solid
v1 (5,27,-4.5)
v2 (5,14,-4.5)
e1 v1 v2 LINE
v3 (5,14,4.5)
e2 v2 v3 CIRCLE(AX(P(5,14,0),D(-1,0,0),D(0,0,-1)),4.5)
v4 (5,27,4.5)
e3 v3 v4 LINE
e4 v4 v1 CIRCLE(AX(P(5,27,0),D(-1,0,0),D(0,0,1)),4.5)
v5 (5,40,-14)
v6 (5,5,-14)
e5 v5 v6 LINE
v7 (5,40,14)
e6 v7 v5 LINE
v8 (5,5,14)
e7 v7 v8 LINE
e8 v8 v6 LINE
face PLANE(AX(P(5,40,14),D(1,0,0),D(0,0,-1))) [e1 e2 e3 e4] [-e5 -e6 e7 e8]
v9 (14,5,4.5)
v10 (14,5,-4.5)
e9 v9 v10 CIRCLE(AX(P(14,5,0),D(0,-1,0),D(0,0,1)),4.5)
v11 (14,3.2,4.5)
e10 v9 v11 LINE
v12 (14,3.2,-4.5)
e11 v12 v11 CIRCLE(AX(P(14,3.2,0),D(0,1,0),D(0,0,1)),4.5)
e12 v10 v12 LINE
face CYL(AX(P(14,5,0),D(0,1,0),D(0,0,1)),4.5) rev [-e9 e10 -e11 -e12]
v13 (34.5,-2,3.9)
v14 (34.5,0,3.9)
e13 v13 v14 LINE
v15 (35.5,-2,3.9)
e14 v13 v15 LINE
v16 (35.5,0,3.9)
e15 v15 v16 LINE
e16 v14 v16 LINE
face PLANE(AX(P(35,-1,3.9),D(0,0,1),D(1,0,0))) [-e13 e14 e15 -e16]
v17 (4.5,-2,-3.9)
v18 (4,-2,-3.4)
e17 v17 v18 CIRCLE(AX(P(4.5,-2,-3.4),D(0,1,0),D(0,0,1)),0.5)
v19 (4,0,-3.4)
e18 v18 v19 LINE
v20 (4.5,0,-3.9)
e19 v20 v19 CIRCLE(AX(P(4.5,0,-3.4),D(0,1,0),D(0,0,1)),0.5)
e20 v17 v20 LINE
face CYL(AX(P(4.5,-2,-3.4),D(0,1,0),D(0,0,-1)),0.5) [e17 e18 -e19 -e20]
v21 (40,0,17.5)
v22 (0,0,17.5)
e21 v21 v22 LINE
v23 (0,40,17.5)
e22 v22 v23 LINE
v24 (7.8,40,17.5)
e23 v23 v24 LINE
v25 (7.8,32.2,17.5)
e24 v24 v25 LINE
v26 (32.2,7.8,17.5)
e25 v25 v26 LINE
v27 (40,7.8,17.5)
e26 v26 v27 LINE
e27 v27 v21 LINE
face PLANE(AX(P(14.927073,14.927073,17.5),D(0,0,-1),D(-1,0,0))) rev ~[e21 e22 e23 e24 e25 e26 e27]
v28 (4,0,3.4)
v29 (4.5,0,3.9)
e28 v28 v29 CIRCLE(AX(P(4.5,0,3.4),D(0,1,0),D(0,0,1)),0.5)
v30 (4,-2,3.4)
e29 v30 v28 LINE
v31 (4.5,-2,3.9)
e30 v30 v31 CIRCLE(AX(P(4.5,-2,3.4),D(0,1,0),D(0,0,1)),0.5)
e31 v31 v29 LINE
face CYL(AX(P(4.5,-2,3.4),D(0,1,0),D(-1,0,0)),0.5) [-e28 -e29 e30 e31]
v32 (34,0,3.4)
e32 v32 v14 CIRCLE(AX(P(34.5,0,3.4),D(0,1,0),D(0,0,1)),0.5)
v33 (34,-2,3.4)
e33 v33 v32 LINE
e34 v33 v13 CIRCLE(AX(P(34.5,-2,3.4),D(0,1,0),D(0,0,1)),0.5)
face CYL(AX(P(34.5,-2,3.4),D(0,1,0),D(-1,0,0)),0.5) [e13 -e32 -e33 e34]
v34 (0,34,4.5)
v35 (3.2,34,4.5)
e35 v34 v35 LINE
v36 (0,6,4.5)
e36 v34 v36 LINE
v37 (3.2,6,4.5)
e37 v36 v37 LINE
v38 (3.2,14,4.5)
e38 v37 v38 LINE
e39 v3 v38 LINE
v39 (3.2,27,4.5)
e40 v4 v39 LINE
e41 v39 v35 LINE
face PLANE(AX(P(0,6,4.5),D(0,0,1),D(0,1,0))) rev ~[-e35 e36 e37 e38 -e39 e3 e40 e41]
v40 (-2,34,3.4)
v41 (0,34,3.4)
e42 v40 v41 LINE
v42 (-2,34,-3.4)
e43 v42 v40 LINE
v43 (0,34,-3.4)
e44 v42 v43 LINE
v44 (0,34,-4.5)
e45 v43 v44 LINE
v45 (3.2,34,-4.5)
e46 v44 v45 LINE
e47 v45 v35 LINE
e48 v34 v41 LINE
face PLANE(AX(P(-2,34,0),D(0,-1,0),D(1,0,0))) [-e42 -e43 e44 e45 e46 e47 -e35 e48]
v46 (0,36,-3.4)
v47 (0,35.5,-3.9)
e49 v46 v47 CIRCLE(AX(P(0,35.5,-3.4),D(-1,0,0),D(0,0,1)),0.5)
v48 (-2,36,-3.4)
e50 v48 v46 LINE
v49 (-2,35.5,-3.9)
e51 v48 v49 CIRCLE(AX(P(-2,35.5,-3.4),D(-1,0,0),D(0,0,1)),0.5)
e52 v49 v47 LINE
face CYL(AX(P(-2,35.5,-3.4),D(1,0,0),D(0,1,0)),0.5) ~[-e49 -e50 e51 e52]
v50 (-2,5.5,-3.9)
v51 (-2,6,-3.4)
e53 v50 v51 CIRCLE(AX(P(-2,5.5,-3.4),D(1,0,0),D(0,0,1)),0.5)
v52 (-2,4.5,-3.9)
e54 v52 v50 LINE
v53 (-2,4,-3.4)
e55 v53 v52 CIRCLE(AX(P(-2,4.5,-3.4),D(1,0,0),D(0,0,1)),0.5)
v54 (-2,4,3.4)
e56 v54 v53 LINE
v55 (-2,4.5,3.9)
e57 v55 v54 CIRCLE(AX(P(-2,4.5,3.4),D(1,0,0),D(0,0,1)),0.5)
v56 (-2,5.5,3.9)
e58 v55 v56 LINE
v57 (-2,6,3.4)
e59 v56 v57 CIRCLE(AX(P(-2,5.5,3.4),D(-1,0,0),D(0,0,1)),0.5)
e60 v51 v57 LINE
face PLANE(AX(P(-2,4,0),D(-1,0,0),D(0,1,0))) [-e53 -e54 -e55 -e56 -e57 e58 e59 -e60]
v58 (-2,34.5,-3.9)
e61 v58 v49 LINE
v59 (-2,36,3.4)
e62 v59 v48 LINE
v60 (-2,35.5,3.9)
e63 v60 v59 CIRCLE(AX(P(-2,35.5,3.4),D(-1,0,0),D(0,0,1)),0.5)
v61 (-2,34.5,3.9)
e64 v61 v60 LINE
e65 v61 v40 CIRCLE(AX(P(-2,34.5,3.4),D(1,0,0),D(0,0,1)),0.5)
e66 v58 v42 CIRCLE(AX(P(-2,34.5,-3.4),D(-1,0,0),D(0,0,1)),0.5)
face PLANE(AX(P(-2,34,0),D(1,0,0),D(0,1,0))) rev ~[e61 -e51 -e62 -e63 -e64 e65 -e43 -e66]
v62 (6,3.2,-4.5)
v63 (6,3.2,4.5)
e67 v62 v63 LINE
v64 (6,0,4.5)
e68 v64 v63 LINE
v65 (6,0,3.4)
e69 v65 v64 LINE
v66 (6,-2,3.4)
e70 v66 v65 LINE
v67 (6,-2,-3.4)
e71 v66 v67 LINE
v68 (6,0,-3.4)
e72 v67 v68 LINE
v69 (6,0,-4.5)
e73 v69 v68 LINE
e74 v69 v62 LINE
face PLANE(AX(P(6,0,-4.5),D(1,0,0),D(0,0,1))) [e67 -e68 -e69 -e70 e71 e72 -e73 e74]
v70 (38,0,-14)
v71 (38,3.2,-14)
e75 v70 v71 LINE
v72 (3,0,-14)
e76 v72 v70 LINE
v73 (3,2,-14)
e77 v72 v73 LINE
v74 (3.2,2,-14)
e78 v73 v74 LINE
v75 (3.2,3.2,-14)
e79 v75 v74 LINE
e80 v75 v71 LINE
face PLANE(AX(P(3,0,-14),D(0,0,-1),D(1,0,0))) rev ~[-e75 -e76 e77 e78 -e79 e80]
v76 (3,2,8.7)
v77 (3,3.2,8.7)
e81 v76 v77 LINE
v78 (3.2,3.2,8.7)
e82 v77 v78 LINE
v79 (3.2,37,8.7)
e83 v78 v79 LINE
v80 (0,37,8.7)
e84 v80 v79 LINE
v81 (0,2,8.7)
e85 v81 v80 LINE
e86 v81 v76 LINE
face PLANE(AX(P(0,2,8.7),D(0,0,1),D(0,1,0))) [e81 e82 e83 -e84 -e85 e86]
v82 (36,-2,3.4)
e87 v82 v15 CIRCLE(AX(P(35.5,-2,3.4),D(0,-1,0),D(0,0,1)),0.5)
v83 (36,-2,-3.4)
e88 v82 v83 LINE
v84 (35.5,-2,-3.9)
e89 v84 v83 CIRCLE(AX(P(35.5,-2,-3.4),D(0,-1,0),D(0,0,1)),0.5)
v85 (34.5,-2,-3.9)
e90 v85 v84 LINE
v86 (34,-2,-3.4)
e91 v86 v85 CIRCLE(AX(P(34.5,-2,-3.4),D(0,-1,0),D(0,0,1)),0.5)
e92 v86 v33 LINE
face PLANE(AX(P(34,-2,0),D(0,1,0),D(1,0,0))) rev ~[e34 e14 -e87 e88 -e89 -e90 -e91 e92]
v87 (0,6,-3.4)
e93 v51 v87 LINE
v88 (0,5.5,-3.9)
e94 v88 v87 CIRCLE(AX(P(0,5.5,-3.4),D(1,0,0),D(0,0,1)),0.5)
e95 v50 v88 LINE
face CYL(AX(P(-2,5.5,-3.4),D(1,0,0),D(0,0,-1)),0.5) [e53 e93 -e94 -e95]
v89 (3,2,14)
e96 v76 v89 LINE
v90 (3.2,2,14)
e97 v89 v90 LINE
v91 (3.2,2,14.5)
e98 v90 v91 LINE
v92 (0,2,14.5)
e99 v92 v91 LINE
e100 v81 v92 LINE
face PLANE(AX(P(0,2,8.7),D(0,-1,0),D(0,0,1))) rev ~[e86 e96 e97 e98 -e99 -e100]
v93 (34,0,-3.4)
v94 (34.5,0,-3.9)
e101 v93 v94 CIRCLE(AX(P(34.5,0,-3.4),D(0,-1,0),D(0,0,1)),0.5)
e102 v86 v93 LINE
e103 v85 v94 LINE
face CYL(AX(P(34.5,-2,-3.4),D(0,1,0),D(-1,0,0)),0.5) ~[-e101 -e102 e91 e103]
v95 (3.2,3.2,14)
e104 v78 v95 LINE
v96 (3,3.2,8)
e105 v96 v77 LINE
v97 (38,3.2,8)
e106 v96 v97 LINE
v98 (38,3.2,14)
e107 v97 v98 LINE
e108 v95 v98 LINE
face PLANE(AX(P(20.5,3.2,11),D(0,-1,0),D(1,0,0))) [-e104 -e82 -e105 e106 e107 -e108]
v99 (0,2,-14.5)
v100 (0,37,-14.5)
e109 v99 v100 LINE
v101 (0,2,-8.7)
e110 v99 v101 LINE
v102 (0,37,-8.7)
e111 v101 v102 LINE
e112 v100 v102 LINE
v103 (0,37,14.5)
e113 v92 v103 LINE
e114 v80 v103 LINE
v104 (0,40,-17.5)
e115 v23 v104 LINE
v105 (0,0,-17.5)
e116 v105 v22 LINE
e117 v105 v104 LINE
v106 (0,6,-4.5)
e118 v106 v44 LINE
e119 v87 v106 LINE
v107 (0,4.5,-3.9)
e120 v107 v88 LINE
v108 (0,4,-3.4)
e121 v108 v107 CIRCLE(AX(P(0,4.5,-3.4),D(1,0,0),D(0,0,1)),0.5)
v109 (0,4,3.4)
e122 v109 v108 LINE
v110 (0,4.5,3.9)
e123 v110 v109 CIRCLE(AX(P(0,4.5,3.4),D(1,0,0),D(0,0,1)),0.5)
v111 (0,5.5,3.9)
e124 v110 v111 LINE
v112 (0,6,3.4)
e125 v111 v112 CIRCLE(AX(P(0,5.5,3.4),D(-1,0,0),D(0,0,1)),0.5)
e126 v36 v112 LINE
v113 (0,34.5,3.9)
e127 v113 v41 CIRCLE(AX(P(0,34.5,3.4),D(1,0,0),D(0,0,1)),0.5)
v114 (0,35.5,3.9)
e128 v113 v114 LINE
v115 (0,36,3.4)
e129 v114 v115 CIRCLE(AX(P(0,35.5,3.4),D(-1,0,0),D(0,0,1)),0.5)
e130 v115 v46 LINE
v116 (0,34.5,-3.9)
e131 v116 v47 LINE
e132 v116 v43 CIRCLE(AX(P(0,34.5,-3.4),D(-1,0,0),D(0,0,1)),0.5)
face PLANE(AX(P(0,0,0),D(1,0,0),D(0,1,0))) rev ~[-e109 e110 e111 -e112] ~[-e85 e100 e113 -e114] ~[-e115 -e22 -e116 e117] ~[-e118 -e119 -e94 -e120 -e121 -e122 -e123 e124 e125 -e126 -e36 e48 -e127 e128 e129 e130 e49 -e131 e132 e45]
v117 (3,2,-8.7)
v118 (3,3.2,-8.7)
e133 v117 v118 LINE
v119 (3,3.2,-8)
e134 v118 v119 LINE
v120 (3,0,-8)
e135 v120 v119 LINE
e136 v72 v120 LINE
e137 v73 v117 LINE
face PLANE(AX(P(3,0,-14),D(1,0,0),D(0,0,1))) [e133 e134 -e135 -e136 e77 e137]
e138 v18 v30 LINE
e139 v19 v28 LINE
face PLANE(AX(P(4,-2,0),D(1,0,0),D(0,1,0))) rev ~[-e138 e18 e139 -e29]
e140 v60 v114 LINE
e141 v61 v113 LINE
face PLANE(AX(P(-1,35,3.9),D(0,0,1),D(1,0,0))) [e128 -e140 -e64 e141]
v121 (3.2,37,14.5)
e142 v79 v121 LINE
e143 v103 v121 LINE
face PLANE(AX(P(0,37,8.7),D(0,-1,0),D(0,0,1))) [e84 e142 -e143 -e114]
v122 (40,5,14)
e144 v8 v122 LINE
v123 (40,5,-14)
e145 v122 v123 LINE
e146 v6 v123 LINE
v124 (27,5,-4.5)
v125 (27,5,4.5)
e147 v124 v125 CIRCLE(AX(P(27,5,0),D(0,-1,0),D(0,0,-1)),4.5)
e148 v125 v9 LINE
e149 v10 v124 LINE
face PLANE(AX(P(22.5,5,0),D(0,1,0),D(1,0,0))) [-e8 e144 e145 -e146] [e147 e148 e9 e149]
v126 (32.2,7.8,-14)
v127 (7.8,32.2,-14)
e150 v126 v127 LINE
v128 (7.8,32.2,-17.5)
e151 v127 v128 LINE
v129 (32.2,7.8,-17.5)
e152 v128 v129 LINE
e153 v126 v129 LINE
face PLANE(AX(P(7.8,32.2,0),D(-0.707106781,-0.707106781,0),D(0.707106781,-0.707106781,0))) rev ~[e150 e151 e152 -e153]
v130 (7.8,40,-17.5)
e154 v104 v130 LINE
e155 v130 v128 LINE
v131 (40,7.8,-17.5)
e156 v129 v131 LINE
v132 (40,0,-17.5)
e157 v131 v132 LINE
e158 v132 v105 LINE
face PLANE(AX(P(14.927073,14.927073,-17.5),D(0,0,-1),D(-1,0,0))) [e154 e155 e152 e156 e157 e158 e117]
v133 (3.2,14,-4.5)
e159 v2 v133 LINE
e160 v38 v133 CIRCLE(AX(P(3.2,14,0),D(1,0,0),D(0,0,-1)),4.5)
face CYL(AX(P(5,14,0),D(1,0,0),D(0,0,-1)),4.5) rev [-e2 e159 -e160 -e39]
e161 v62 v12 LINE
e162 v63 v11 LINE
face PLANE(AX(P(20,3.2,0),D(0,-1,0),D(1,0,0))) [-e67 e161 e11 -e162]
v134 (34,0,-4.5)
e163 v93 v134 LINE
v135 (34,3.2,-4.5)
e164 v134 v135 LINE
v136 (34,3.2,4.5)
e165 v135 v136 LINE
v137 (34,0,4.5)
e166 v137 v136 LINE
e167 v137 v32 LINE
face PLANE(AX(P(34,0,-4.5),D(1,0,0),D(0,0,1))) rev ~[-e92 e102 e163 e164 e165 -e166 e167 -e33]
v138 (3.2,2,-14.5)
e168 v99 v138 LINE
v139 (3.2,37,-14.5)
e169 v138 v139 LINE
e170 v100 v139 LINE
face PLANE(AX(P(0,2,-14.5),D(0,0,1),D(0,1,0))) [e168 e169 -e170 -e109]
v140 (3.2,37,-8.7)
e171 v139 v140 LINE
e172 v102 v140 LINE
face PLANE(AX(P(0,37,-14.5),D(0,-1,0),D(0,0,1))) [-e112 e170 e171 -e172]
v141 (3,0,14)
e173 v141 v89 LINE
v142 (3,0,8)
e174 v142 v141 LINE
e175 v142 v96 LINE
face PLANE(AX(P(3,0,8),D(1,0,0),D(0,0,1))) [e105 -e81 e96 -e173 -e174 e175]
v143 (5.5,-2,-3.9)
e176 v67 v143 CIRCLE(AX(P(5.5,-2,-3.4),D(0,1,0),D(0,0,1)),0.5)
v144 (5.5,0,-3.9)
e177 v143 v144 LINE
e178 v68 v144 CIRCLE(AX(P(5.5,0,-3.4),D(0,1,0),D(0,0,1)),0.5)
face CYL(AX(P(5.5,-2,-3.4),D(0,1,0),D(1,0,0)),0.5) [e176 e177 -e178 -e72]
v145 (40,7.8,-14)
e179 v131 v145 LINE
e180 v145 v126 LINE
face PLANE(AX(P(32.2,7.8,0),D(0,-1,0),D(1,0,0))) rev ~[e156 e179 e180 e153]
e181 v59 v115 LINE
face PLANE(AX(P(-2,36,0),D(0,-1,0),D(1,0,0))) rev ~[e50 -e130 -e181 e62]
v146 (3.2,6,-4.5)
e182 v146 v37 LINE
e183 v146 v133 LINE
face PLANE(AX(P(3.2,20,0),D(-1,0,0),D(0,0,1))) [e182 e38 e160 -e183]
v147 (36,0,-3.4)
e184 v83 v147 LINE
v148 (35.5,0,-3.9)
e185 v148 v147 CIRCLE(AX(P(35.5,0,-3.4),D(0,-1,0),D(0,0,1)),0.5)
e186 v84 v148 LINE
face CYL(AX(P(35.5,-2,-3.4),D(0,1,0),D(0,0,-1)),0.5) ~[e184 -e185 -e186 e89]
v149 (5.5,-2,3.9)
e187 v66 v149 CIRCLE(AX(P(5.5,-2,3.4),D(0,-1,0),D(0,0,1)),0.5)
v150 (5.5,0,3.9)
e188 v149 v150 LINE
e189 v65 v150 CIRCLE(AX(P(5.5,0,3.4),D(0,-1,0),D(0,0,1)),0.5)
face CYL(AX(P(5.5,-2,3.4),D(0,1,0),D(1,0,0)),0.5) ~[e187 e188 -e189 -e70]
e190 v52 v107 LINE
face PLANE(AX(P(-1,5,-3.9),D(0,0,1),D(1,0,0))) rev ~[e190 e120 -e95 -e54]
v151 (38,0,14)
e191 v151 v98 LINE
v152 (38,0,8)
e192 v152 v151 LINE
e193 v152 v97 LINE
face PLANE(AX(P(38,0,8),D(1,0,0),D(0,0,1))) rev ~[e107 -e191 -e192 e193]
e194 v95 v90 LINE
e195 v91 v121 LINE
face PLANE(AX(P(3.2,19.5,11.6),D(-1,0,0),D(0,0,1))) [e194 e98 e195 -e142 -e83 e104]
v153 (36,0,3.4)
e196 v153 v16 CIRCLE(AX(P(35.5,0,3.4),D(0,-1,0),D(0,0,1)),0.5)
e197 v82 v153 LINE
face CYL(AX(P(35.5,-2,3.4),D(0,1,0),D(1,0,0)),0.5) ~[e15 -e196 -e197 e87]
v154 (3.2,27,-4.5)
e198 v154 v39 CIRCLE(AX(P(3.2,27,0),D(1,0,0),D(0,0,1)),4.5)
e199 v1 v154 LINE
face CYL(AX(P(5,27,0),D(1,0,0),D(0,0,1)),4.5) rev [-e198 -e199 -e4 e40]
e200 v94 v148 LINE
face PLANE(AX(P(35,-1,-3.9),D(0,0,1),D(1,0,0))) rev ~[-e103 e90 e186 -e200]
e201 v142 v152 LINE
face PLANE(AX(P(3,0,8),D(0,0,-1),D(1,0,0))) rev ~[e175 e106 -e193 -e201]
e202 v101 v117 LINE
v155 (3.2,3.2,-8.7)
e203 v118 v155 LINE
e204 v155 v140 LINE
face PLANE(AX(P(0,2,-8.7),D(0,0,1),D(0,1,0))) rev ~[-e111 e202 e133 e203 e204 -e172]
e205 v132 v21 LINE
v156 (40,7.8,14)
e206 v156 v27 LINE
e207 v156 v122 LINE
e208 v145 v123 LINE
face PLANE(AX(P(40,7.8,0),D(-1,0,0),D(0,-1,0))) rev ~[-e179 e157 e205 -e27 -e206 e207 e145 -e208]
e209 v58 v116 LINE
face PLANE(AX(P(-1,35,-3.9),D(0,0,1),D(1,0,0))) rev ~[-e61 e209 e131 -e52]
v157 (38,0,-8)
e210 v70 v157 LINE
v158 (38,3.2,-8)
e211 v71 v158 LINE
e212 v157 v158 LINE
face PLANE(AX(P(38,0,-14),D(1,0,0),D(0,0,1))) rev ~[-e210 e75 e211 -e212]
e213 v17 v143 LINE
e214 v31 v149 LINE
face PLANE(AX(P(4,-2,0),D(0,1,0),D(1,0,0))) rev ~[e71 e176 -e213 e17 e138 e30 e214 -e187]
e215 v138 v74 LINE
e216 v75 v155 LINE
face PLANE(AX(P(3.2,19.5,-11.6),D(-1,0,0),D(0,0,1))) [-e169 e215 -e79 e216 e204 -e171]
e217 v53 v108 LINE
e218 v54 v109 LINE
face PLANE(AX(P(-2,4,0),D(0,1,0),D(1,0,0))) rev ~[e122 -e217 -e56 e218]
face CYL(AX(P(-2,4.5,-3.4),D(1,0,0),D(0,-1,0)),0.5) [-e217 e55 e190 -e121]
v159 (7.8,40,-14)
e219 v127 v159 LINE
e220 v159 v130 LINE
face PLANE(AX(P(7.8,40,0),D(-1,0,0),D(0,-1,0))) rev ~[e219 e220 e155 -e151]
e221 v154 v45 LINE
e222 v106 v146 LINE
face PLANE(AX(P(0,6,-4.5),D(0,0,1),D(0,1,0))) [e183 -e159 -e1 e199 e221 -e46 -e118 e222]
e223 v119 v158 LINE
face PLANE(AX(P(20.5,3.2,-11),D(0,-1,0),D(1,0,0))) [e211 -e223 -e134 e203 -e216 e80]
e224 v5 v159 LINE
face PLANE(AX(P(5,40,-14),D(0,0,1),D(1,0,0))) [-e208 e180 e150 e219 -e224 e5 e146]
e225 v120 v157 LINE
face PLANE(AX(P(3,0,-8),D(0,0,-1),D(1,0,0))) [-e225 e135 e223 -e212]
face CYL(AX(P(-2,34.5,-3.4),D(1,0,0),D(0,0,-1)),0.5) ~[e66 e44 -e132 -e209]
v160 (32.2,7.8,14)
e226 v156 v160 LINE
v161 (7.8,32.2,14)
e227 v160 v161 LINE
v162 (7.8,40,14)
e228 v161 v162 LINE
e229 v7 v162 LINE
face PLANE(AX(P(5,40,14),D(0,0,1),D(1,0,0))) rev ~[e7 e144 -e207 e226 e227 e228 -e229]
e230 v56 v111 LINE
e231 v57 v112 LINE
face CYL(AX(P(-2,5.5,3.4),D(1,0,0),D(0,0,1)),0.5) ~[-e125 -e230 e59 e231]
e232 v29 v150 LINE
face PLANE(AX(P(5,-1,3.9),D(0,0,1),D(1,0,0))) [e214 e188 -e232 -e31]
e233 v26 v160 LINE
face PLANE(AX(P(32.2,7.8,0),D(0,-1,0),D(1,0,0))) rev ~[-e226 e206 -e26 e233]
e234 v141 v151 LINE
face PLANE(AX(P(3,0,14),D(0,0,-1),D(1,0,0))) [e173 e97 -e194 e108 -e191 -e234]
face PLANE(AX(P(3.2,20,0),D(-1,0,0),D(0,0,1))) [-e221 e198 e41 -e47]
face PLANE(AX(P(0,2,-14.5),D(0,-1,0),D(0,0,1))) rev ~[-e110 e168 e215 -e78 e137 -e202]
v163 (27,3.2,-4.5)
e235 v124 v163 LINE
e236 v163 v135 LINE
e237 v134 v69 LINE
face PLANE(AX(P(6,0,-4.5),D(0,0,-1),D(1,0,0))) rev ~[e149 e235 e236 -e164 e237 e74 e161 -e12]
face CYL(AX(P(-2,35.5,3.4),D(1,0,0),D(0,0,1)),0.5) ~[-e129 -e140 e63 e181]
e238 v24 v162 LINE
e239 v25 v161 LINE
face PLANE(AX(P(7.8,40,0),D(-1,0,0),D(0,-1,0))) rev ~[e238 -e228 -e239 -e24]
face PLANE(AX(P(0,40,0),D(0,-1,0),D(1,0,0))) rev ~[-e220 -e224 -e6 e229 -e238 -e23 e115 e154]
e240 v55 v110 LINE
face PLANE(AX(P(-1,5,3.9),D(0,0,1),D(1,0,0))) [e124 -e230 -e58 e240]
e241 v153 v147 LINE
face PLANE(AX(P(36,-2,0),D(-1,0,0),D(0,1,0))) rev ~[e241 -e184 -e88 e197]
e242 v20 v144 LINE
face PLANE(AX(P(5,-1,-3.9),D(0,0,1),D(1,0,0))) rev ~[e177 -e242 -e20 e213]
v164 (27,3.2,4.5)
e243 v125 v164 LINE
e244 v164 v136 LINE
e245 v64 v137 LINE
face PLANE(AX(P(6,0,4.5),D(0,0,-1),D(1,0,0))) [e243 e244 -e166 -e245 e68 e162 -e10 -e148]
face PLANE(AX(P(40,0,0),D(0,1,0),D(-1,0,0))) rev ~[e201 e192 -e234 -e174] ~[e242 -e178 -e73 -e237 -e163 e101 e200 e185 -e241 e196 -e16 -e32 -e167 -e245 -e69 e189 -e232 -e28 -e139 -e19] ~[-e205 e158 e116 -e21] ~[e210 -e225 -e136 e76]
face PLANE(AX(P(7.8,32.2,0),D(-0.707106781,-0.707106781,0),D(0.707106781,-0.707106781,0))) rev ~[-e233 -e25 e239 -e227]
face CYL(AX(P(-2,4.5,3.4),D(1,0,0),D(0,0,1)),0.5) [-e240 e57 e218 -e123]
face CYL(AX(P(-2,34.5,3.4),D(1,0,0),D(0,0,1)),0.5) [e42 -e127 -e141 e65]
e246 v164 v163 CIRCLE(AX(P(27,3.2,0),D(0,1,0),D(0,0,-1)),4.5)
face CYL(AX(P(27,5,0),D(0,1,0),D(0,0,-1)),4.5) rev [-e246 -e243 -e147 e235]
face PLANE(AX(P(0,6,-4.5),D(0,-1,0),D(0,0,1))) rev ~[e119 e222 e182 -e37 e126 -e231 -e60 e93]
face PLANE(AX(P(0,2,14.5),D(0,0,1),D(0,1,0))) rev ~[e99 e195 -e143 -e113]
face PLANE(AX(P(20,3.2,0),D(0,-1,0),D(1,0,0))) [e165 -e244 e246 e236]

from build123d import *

# Parameters (mm, degrees)
EXTRUDE_1_DEPTH      = 17.5
EXTRUDE_1_DEPTH_BACK = 17.5
SKETCH_2_W           = 35
SKETCH_2_H           = 28
CUT_EXTRUDE_1_DEPTH  = 35
CUT_EXTRUDE_2_DEPTH  = 6
CUT_EXTRUDE_3_DEPTH  = 6
SKETCH_5_W           = 9
SKETCH_5_H           = 28
SKETCH_5_W_2         = 5.8
SKETCH_5_H_2         = 35
CUT_EXTRUDE_4_DEPTH  = 3.2
SKETCH_6_W           = 28
SKETCH_6_H           = 9
SKETCH_6_W_2         = 35
SKETCH_6_H_2         = 6
CUT_EXTRUDE_5_DEPTH  = 3.2
SKETCH_8_W           = 2
SKETCH_8_H           = 2
EXTRUDE_2_DEPTH      = 3.9
EXTRUDE_2_DEPTH_BACK = 3.9
FILLET_2_R           = 0.5


with BuildPart() as part:
    # Sketch 1 → Extrude 1 (new body, two sides)
    with BuildSketch(Plane.XY) as extrude_1_sk:
        Polygon((0, 0), (0, 40), (7.8, 40), (7.8, 32.2), (32.2, 7.8), (40, 7.8), (40, 0), align=None)
    extrude(amount=EXTRUDE_1_DEPTH)
    extrude(extrude_1_sk.sketch, amount=-EXTRUDE_1_DEPTH_BACK)

    # Sketch 2 → Cut-Extrude 1 (cut)
    with BuildSketch(Plane(origin=(0, 40, 0), x_dir=(1, 0, 0), z_dir=(0, 1, 0))):
        with Locations((22.5, 0)):
            Rectangle(SKETCH_2_W, SKETCH_2_H)
    extrude(amount=-CUT_EXTRUDE_1_DEPTH, mode=Mode.SUBTRACT)

    # Sketch 3 → Cut-Extrude 2 (cut, through all)
    with BuildSketch(Plane(origin=(0, 5, 0), x_dir=(1, 0, 0), z_dir=(0, 1, 0))):
        with BuildLine():
            Line((14, 4.5), (27, 4.5))
            ThreePointArc((27, 4.5), (31.5, 0), (27, -4.5))
            Line((27, -4.5), (14, -4.5))
            ThreePointArc((14, -4.5), (9.5, 0), (14, 4.5))
        make_face()
    extrude(amount=-CUT_EXTRUDE_2_DEPTH, mode=Mode.SUBTRACT)

    # Sketch 4 → Cut-Extrude 3 (cut, through all)
    with BuildSketch(Plane(origin=(5, 0, 0), x_dir=(0, 0, -1), z_dir=(1, 0, 0))):
        with BuildLine():
            Line((4.5, 27), (4.5, 14))
            ThreePointArc((4.5, 14), (0, 9.5), (-4.5, 14))
            Line((-4.5, 14), (-4.5, 27))
            ThreePointArc((-4.5, 27), (0, 31.5), (4.5, 27))
        make_face()
    extrude(amount=-CUT_EXTRUDE_3_DEPTH, mode=Mode.SUBTRACT)

    # Sketch 5 → Cut-Extrude 4 (cut)
    with BuildSketch(Plane.ZY):
        with Locations((0, 20)):
            Rectangle(SKETCH_5_W, SKETCH_5_H)
        with Locations((-11.6, 19.5)):
            Rectangle(SKETCH_5_W_2, SKETCH_5_H_2)
        with Locations((11.6, 19.5)):
            Rectangle(SKETCH_5_W_2, SKETCH_5_H_2)
    extrude(amount=-CUT_EXTRUDE_4_DEPTH, mode=Mode.SUBTRACT)

    # Sketch 6 → Cut-Extrude 5 (cut)
    with BuildSketch(Plane.XZ):
        with Locations((20, 0)):
            Rectangle(SKETCH_6_W, SKETCH_6_H)
        with Locations((20.5, 11)):
            Rectangle(SKETCH_6_W_2, SKETCH_6_H_2)
        with Locations((20.5, -11)):
            Rectangle(SKETCH_6_W_2, SKETCH_6_H_2)
    extrude(amount=-CUT_EXTRUDE_5_DEPTH, mode=Mode.SUBTRACT)

    # Sketch 8 → Extrude 2 (add, two sides)
    with BuildSketch(Plane.XY) as extrude_2_sk:
        with Locations((-1, 35)):
            Rectangle(SKETCH_8_W, SKETCH_8_H)
        with Locations((-1, 5)):
            Rectangle(SKETCH_8_W, SKETCH_8_H)
        with Locations((5, -1)):
            Rectangle(SKETCH_8_W, SKETCH_8_H)
        with Locations((35, -1)):
            Rectangle(SKETCH_8_W, SKETCH_8_H)
    extrude(amount=EXTRUDE_2_DEPTH)
    extrude(extrude_2_sk.sketch, amount=-EXTRUDE_2_DEPTH_BACK)

    # Fillet 2
    fillet_2_edges = [part.edges().sort_by_distance(p)[0] for p in [
        (-1, 34, -3.9),
        (-1, 36, -3.9),
        (-1, 36, 3.9),
        (-1, 34, 3.9),
        (-1, 6, -3.9),
        (-1, 4, -3.9),
        (-1, 6, 3.9),
        (-1, 4, 3.9),
        (6, -1, -3.9),
        (4, -1, -3.9),
        (4, -1, 3.9),
        (6, -1, 3.9),
        (36, -1, -3.9),
        (34, -1, -3.9),
        (34, -1, 3.9),
        (36, -1, 3.9),
    ]]
    fillet(fillet_2_edges, radius=FILLET_2_R)


solid = part.part
